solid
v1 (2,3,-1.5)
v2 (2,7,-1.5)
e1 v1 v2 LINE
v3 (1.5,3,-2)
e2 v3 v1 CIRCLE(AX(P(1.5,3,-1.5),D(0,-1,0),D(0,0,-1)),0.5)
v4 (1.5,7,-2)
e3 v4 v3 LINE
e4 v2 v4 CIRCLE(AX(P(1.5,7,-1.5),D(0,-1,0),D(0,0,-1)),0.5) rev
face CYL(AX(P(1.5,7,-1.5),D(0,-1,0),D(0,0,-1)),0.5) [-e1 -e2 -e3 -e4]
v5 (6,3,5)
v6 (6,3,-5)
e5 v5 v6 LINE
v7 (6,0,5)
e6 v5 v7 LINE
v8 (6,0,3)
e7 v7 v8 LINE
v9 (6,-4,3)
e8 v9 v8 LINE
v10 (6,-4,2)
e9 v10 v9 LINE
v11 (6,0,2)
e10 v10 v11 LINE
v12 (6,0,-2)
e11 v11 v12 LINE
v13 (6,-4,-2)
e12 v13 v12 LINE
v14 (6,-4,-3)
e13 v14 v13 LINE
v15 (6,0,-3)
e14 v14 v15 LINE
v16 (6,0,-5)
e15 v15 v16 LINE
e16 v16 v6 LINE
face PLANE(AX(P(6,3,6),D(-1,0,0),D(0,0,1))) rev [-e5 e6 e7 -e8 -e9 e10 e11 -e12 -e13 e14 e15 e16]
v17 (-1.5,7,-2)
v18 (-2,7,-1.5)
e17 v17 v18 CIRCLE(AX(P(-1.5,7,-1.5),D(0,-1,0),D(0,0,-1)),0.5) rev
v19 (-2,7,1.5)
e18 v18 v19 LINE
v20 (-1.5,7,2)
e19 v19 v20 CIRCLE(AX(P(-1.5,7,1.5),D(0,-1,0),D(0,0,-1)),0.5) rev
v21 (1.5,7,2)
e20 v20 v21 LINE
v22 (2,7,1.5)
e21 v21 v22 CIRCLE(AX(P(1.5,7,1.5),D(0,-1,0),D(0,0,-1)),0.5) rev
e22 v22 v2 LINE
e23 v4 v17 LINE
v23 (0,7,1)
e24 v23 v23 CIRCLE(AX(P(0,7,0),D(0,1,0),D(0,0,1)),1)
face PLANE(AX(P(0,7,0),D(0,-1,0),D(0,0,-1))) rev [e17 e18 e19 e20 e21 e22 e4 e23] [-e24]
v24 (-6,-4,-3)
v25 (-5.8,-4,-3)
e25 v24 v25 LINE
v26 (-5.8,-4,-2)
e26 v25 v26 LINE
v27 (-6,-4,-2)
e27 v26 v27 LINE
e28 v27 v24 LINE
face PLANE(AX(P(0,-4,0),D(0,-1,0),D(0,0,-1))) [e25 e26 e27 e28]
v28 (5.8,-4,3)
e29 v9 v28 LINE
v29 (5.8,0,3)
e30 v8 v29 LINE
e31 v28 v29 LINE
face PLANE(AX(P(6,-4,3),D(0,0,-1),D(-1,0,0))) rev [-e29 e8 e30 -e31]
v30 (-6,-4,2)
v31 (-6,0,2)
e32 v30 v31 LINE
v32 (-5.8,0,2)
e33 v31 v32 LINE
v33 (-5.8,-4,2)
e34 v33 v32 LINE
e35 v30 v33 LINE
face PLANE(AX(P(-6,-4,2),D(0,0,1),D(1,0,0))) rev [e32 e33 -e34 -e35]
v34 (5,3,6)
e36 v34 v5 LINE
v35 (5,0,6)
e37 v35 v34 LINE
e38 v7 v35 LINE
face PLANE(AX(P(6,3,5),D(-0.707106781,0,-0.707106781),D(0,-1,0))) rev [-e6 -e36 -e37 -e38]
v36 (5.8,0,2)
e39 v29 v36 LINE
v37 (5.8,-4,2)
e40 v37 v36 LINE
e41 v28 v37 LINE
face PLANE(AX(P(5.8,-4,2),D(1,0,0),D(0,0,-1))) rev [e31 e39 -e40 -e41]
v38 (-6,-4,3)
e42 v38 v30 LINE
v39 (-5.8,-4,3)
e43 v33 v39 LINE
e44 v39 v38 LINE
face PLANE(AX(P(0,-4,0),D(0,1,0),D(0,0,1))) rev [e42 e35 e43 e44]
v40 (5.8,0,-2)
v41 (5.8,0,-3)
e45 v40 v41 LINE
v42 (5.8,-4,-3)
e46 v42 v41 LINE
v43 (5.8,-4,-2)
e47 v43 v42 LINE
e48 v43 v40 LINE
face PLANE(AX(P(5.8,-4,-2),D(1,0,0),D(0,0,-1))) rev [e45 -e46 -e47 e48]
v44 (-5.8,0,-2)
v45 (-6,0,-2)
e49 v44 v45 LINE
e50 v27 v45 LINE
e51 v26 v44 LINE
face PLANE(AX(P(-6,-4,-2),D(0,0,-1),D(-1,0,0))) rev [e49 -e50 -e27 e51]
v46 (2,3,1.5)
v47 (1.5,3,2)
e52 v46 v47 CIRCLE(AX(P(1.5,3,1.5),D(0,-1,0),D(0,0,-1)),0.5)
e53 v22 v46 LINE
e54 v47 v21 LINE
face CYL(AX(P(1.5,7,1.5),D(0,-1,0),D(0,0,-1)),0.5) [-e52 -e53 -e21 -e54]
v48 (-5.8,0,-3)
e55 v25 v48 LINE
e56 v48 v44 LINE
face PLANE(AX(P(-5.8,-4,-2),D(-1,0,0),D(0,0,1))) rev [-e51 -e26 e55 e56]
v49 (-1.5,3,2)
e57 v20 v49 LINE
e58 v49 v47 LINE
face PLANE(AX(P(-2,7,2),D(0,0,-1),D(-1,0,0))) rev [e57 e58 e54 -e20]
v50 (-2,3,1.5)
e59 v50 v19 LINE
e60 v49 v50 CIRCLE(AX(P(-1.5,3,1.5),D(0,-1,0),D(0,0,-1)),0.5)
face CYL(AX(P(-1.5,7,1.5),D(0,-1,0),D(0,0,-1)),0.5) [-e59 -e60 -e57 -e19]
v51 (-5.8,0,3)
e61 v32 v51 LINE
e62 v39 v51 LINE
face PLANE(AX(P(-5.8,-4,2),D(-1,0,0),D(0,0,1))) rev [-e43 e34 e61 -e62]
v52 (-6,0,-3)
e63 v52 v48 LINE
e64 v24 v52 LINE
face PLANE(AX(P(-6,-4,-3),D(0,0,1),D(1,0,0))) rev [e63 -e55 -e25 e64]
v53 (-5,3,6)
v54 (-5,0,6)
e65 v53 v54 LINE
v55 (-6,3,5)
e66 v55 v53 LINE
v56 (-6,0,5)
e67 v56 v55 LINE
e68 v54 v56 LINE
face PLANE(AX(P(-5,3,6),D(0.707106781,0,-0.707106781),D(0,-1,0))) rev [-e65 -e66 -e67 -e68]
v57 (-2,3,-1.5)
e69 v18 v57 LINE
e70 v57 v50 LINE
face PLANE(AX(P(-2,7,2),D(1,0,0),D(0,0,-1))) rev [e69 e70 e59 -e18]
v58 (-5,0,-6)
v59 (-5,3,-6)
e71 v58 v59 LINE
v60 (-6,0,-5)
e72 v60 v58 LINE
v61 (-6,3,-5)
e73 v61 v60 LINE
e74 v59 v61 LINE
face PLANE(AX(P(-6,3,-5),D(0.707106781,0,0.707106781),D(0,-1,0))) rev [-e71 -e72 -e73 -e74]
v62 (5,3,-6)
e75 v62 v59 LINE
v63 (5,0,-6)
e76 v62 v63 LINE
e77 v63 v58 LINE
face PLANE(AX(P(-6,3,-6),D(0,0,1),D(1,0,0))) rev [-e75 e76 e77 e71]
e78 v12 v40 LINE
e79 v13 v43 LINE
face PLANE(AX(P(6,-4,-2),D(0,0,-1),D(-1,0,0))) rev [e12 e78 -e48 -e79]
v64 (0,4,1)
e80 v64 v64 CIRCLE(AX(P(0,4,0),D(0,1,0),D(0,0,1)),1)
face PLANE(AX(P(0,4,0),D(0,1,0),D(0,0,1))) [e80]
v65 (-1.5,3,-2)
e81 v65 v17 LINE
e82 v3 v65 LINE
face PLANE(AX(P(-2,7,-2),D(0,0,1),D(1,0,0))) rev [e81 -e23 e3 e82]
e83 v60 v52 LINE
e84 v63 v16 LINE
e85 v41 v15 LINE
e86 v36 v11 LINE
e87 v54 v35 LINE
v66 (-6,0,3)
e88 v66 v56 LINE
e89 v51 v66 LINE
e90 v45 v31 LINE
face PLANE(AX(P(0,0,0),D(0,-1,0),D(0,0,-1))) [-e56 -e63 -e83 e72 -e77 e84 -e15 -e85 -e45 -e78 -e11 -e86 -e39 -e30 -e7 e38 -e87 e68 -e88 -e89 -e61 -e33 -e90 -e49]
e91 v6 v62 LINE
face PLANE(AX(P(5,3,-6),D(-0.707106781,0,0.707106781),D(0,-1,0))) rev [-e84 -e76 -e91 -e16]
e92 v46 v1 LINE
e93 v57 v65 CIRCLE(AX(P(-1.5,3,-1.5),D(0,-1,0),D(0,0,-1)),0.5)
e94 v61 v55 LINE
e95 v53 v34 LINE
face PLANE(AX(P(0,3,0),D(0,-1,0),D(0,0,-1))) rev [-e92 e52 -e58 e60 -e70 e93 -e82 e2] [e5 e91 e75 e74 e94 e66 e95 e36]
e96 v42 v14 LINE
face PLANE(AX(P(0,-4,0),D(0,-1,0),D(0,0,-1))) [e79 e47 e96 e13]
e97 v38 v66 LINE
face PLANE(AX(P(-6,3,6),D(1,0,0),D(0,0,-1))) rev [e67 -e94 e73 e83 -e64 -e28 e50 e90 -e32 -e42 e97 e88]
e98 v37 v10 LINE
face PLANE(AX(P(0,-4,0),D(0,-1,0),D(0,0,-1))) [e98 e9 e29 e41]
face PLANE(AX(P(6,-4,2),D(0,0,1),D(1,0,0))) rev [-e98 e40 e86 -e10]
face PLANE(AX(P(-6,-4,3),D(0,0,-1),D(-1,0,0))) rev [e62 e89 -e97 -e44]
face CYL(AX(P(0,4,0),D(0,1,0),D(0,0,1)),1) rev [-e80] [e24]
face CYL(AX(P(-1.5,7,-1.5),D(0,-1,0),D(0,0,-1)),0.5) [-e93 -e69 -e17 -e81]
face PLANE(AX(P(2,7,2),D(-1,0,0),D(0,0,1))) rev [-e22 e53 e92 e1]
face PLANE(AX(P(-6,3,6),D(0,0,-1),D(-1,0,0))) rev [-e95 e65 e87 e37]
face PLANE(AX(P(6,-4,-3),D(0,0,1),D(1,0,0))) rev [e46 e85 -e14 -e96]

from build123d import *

# Parameters (mm, degrees)
SKETCH1_W           = 12
SKETCH1_H           = 12
BOSS_EXTRUDE1_DEPTH = 3
SKETCH2_W           = 4
SKETCH2_H           = 4
BOSS_EXTRUDE2_DEPTH = 4
SKETCH3_R           = 1
CUT_EXTRUDE1_DEPTH  = 3
FILLET2_R           = 0.5
SKETCH4_W           = 0.2
SKETCH4_H           = 1
BOSS_EXTRUDE3_DEPTH = 4
CHAMFER1_SIZE       = 1


with BuildPart() as part:
    # Sketch1 → Boss-Extrude1 (new body)
    with BuildSketch(Plane(origin=(0, 0, 0), x_dir=(1, 0, 0), z_dir=(0, 1, 0))):
        Rectangle(SKETCH1_W, SKETCH1_H)
    extrude(amount=BOSS_EXTRUDE1_DEPTH)

    # Sketch2 → Boss-Extrude2 (add)
    with BuildSketch(Plane(origin=(0, 3, 0), x_dir=(1, 0, 0), z_dir=(0, 1, 0))):
        Rectangle(SKETCH2_W, SKETCH2_H)
    extrude(amount=BOSS_EXTRUDE2_DEPTH)

    # Sketch3 → Cut-Extrude1 (cut)
    with BuildSketch(Plane(origin=(0, 7, 0), x_dir=(1, 0, 0), z_dir=(0, 1, 0))):
        Circle(SKETCH3_R)
    extrude(amount=-CUT_EXTRUDE1_DEPTH, mode=Mode.SUBTRACT)

    # Fillet2
    fillet2_edges = [part.edges().sort_by_distance(p)[0] for p in [
        (2, 5, 2),
        (2, 5, -2),
        (-2, 5, -2),
        (-2, 5, 2),
    ]]
    fillet(fillet2_edges, radius=FILLET2_R)

    # Sketch4 → Boss-Extrude3 (add)
    with BuildSketch(Plane.XZ):
        with Locations((-5.9, -2.5)):
            Rectangle(SKETCH4_W, SKETCH4_H)
        with Locations((-5.9, 2.5)):
            Rectangle(SKETCH4_W, SKETCH4_H)
        with Locations((5.9, 2.5)):
            Rectangle(SKETCH4_W, SKETCH4_H)
        with Locations((5.9, -2.5)):
            Rectangle(SKETCH4_W, SKETCH4_H)
    extrude(amount=BOSS_EXTRUDE3_DEPTH)

    # Chamfer1
    chamfer1_edges = [part.edges().sort_by_distance(p)[0] for p in [
        (6, 1.5, 6),
        (-6, 1.5, 6),
        (-6, 1.5, -6),
        (6, 1.5, -6),
    ]]
    chamfer(chamfer1_edges, length=CHAMFER1_SIZE)


solid = part.part
